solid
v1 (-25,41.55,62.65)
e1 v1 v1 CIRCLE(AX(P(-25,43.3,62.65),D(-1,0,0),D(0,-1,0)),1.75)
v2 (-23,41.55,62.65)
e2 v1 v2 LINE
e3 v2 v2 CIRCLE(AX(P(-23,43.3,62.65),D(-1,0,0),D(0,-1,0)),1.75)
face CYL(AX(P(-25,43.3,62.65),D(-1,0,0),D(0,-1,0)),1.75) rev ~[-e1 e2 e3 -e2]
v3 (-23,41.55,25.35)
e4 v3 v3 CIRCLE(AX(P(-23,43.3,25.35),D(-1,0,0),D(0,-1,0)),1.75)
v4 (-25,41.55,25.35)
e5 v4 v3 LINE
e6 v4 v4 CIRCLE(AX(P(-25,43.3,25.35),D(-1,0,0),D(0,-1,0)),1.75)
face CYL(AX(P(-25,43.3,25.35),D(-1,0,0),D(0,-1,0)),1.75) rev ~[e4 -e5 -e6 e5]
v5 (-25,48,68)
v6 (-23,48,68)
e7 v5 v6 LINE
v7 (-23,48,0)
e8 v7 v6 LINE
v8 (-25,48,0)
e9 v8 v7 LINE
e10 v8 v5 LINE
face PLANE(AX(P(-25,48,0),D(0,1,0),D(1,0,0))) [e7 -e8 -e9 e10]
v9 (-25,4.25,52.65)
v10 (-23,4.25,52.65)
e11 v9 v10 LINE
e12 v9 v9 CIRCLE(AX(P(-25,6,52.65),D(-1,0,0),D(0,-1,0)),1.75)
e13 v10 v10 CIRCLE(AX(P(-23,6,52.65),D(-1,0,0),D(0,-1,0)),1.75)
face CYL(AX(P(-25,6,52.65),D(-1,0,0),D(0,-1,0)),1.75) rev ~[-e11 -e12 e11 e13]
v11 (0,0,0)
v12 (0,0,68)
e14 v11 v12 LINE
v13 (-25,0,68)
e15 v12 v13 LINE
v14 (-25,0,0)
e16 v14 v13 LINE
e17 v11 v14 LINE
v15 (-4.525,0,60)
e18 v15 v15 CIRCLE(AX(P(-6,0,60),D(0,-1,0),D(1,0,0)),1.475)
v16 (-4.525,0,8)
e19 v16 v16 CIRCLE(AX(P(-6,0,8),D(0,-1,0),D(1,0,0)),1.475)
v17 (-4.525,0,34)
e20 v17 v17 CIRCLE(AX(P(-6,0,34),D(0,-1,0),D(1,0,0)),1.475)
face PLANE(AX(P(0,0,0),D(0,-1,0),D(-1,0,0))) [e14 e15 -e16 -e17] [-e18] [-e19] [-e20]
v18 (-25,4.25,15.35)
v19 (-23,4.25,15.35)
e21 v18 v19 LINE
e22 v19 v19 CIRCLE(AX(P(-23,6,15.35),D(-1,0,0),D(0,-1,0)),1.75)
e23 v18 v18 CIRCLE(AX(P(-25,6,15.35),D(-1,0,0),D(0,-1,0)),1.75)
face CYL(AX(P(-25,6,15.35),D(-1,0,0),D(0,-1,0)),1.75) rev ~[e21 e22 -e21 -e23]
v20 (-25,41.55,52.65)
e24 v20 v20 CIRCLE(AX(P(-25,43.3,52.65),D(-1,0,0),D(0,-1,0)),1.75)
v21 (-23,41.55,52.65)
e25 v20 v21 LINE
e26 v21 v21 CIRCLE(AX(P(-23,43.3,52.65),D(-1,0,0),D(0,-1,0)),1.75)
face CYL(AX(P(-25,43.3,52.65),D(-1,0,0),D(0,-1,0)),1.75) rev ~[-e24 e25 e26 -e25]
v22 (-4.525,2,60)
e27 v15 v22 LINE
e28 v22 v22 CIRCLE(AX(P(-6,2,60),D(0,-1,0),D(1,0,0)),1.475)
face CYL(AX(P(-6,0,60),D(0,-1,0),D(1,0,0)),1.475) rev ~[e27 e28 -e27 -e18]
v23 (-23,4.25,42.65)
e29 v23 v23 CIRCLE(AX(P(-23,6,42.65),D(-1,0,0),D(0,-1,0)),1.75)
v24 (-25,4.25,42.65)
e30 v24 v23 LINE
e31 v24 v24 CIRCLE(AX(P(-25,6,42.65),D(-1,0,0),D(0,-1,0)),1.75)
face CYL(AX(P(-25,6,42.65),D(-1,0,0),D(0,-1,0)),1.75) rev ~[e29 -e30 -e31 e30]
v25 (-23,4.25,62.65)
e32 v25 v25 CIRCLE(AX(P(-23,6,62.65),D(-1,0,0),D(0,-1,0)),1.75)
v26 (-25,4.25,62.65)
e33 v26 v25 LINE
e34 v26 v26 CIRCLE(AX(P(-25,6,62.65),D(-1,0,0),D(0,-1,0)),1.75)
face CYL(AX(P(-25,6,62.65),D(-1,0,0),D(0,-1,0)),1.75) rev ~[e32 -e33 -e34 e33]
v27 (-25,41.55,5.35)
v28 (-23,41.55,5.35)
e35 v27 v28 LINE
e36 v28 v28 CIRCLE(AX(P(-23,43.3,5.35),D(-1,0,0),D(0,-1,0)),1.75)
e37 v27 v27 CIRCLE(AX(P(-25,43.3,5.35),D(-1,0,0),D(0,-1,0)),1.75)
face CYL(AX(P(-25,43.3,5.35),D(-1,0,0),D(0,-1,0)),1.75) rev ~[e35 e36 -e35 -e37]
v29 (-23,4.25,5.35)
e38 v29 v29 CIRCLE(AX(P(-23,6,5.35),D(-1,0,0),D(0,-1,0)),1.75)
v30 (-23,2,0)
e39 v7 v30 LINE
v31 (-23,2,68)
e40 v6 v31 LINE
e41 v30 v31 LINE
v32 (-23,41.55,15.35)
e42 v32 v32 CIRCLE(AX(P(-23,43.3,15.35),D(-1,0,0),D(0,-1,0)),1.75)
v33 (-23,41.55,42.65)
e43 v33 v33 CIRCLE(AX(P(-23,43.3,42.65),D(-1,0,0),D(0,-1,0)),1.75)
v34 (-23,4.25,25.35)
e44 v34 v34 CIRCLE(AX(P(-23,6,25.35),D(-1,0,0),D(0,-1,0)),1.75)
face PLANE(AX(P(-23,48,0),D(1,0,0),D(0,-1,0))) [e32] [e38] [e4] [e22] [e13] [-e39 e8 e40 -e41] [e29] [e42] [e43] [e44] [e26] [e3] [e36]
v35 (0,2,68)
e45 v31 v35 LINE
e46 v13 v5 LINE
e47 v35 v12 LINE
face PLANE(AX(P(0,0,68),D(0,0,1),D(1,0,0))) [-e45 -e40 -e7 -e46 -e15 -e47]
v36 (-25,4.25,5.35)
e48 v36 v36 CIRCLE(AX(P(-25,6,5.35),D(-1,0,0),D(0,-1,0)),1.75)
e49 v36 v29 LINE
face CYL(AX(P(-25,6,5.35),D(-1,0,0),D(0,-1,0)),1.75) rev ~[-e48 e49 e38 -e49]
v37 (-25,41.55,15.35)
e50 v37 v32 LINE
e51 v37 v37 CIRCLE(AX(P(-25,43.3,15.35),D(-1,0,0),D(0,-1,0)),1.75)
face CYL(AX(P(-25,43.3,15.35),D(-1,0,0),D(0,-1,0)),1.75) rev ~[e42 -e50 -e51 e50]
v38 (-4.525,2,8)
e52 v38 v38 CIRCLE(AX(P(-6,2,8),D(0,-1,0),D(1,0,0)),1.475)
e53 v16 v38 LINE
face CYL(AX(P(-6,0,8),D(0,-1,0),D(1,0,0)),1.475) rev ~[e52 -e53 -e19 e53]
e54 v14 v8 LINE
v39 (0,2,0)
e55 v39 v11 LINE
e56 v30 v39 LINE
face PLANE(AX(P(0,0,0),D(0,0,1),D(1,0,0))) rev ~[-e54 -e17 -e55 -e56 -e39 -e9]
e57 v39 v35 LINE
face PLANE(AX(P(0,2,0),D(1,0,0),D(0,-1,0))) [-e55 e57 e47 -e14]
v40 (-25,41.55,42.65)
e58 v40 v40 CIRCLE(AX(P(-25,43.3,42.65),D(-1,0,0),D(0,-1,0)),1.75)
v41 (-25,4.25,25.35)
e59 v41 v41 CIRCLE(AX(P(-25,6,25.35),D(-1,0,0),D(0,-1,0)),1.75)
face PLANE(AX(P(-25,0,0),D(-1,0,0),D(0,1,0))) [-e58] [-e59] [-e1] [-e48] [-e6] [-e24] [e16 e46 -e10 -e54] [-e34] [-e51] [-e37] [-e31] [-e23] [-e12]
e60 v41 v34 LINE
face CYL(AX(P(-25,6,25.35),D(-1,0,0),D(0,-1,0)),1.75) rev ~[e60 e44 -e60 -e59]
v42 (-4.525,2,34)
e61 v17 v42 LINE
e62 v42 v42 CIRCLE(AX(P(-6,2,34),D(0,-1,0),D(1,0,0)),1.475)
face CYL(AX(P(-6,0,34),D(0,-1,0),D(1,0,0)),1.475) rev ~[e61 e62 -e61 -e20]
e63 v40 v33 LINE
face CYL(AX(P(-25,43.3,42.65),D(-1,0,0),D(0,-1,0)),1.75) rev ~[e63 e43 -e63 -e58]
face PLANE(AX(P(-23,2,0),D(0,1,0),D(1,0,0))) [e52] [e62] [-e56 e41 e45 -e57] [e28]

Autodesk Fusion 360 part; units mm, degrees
sketch "Sketch1" plane through (0, 0, 0) normal (0, 0, 1) x (1, 0, 0)
  line L0 (0, 0) -> (-25, 0)
  line L1 (-25, 0) -> (-25, 48)
  line L2 (-25, 48) -> (-23, 48)
  line L3 (-23, 48) -> (-23, 2)
  line L4 (-23, 2) -> (0, 2)
  line L5 (0, 2) -> (0, 0)
  dimension "d1" = 2
  dimension "d2" = 23
  dimension "d3" = 25
  dimension "d35" = 2
extrude "Extrude1" add sketch "Sketch1" along normal blind 68
sketch "Sketch2" plane through (-25, 0, 0) normal (-1, 0, 0) x (0, -1, 0)
  line L0 (-48, 0) -> (0, 0)
  line L1 (0, 0) -> (0, 68)
  line L2 (0, 68) -> (-48, 68)
  line L3 (-48, 68) -> (-48, 0)
  circle A0 centre (-6, 52.65) radius 1.75
  dimension "d8" = 3.5
  dimension "d9" = 15.35
  dimension "d10" = 6
extrude "Extrude2" cut sketch "Sketch2" against normal blind 15 contours A0
pattern_linear "R-Pattern1" count 1 spacing 0 along (0, 1, 0) count 2 spacing 37.3 along (0, 0, -1) of "Extrude2"
sketch "Sketch3" plane through (-25, 0, 0) normal (-1, 0, 0) x (0, -1, 0)
  circle A0 centre (-6, 15.35) radius 1.75
  circle A1 centre (-6, 52.65) radius 1.75
  line L0 (-48, 0) -> (0, 0)
  line L1 (0, 0) -> (0, 68)
  line L2 (0, 68) -> (-48, 68)
  line L3 (-48, 68) -> (-48, 0)
  circle A2 centre (-43.3, 52.65) radius 1.75
  dimension "d17" = 3.5
  dimension "d18" = 15.35
  dimension "d19" = 37.3
extrude "Extrude3" cut sketch "Sketch3" against normal blind 10 contours A2
pattern_linear "R-Pattern2" count 2 spacing 37.3 along (0, 0, -1) of "Extrude3"
sketch "Sketch4" plane through (0, 0, 0) normal (0, -1, 0) x (1, 0, 0)
  line L0 (-25, 0) -> (0, 0)
  line L1 (0, 0) -> (0, 68)
  line L2 (0, 68) -> (-25, 68)
  line L3 (-25, 68) -> (-25, 0)
  circle A0 centre (-6, 60) radius 1.475
  dimension "d26" = 2.95
  dimension "d27" = 8
  dimension "d28" = 6
extrude "Extrude4" cut sketch "Sketch4" against normal blind 6 contours A0
pattern_linear "R-Pattern3" count 3 spacing 26 along (0, 0, -1) of "Extrude4"
pattern_linear "R-Pattern4" count 2 spacing 10 along (0, 0, 1) of "R-Pattern2", "R-Pattern1", "Extrude3", "Extrude2"
pattern_linear "R-Pattern5" count 2 spacing 10 along (0, 0, -1) of "Extrude3", "Extrude2", "R-Pattern2", "R-Pattern1"
